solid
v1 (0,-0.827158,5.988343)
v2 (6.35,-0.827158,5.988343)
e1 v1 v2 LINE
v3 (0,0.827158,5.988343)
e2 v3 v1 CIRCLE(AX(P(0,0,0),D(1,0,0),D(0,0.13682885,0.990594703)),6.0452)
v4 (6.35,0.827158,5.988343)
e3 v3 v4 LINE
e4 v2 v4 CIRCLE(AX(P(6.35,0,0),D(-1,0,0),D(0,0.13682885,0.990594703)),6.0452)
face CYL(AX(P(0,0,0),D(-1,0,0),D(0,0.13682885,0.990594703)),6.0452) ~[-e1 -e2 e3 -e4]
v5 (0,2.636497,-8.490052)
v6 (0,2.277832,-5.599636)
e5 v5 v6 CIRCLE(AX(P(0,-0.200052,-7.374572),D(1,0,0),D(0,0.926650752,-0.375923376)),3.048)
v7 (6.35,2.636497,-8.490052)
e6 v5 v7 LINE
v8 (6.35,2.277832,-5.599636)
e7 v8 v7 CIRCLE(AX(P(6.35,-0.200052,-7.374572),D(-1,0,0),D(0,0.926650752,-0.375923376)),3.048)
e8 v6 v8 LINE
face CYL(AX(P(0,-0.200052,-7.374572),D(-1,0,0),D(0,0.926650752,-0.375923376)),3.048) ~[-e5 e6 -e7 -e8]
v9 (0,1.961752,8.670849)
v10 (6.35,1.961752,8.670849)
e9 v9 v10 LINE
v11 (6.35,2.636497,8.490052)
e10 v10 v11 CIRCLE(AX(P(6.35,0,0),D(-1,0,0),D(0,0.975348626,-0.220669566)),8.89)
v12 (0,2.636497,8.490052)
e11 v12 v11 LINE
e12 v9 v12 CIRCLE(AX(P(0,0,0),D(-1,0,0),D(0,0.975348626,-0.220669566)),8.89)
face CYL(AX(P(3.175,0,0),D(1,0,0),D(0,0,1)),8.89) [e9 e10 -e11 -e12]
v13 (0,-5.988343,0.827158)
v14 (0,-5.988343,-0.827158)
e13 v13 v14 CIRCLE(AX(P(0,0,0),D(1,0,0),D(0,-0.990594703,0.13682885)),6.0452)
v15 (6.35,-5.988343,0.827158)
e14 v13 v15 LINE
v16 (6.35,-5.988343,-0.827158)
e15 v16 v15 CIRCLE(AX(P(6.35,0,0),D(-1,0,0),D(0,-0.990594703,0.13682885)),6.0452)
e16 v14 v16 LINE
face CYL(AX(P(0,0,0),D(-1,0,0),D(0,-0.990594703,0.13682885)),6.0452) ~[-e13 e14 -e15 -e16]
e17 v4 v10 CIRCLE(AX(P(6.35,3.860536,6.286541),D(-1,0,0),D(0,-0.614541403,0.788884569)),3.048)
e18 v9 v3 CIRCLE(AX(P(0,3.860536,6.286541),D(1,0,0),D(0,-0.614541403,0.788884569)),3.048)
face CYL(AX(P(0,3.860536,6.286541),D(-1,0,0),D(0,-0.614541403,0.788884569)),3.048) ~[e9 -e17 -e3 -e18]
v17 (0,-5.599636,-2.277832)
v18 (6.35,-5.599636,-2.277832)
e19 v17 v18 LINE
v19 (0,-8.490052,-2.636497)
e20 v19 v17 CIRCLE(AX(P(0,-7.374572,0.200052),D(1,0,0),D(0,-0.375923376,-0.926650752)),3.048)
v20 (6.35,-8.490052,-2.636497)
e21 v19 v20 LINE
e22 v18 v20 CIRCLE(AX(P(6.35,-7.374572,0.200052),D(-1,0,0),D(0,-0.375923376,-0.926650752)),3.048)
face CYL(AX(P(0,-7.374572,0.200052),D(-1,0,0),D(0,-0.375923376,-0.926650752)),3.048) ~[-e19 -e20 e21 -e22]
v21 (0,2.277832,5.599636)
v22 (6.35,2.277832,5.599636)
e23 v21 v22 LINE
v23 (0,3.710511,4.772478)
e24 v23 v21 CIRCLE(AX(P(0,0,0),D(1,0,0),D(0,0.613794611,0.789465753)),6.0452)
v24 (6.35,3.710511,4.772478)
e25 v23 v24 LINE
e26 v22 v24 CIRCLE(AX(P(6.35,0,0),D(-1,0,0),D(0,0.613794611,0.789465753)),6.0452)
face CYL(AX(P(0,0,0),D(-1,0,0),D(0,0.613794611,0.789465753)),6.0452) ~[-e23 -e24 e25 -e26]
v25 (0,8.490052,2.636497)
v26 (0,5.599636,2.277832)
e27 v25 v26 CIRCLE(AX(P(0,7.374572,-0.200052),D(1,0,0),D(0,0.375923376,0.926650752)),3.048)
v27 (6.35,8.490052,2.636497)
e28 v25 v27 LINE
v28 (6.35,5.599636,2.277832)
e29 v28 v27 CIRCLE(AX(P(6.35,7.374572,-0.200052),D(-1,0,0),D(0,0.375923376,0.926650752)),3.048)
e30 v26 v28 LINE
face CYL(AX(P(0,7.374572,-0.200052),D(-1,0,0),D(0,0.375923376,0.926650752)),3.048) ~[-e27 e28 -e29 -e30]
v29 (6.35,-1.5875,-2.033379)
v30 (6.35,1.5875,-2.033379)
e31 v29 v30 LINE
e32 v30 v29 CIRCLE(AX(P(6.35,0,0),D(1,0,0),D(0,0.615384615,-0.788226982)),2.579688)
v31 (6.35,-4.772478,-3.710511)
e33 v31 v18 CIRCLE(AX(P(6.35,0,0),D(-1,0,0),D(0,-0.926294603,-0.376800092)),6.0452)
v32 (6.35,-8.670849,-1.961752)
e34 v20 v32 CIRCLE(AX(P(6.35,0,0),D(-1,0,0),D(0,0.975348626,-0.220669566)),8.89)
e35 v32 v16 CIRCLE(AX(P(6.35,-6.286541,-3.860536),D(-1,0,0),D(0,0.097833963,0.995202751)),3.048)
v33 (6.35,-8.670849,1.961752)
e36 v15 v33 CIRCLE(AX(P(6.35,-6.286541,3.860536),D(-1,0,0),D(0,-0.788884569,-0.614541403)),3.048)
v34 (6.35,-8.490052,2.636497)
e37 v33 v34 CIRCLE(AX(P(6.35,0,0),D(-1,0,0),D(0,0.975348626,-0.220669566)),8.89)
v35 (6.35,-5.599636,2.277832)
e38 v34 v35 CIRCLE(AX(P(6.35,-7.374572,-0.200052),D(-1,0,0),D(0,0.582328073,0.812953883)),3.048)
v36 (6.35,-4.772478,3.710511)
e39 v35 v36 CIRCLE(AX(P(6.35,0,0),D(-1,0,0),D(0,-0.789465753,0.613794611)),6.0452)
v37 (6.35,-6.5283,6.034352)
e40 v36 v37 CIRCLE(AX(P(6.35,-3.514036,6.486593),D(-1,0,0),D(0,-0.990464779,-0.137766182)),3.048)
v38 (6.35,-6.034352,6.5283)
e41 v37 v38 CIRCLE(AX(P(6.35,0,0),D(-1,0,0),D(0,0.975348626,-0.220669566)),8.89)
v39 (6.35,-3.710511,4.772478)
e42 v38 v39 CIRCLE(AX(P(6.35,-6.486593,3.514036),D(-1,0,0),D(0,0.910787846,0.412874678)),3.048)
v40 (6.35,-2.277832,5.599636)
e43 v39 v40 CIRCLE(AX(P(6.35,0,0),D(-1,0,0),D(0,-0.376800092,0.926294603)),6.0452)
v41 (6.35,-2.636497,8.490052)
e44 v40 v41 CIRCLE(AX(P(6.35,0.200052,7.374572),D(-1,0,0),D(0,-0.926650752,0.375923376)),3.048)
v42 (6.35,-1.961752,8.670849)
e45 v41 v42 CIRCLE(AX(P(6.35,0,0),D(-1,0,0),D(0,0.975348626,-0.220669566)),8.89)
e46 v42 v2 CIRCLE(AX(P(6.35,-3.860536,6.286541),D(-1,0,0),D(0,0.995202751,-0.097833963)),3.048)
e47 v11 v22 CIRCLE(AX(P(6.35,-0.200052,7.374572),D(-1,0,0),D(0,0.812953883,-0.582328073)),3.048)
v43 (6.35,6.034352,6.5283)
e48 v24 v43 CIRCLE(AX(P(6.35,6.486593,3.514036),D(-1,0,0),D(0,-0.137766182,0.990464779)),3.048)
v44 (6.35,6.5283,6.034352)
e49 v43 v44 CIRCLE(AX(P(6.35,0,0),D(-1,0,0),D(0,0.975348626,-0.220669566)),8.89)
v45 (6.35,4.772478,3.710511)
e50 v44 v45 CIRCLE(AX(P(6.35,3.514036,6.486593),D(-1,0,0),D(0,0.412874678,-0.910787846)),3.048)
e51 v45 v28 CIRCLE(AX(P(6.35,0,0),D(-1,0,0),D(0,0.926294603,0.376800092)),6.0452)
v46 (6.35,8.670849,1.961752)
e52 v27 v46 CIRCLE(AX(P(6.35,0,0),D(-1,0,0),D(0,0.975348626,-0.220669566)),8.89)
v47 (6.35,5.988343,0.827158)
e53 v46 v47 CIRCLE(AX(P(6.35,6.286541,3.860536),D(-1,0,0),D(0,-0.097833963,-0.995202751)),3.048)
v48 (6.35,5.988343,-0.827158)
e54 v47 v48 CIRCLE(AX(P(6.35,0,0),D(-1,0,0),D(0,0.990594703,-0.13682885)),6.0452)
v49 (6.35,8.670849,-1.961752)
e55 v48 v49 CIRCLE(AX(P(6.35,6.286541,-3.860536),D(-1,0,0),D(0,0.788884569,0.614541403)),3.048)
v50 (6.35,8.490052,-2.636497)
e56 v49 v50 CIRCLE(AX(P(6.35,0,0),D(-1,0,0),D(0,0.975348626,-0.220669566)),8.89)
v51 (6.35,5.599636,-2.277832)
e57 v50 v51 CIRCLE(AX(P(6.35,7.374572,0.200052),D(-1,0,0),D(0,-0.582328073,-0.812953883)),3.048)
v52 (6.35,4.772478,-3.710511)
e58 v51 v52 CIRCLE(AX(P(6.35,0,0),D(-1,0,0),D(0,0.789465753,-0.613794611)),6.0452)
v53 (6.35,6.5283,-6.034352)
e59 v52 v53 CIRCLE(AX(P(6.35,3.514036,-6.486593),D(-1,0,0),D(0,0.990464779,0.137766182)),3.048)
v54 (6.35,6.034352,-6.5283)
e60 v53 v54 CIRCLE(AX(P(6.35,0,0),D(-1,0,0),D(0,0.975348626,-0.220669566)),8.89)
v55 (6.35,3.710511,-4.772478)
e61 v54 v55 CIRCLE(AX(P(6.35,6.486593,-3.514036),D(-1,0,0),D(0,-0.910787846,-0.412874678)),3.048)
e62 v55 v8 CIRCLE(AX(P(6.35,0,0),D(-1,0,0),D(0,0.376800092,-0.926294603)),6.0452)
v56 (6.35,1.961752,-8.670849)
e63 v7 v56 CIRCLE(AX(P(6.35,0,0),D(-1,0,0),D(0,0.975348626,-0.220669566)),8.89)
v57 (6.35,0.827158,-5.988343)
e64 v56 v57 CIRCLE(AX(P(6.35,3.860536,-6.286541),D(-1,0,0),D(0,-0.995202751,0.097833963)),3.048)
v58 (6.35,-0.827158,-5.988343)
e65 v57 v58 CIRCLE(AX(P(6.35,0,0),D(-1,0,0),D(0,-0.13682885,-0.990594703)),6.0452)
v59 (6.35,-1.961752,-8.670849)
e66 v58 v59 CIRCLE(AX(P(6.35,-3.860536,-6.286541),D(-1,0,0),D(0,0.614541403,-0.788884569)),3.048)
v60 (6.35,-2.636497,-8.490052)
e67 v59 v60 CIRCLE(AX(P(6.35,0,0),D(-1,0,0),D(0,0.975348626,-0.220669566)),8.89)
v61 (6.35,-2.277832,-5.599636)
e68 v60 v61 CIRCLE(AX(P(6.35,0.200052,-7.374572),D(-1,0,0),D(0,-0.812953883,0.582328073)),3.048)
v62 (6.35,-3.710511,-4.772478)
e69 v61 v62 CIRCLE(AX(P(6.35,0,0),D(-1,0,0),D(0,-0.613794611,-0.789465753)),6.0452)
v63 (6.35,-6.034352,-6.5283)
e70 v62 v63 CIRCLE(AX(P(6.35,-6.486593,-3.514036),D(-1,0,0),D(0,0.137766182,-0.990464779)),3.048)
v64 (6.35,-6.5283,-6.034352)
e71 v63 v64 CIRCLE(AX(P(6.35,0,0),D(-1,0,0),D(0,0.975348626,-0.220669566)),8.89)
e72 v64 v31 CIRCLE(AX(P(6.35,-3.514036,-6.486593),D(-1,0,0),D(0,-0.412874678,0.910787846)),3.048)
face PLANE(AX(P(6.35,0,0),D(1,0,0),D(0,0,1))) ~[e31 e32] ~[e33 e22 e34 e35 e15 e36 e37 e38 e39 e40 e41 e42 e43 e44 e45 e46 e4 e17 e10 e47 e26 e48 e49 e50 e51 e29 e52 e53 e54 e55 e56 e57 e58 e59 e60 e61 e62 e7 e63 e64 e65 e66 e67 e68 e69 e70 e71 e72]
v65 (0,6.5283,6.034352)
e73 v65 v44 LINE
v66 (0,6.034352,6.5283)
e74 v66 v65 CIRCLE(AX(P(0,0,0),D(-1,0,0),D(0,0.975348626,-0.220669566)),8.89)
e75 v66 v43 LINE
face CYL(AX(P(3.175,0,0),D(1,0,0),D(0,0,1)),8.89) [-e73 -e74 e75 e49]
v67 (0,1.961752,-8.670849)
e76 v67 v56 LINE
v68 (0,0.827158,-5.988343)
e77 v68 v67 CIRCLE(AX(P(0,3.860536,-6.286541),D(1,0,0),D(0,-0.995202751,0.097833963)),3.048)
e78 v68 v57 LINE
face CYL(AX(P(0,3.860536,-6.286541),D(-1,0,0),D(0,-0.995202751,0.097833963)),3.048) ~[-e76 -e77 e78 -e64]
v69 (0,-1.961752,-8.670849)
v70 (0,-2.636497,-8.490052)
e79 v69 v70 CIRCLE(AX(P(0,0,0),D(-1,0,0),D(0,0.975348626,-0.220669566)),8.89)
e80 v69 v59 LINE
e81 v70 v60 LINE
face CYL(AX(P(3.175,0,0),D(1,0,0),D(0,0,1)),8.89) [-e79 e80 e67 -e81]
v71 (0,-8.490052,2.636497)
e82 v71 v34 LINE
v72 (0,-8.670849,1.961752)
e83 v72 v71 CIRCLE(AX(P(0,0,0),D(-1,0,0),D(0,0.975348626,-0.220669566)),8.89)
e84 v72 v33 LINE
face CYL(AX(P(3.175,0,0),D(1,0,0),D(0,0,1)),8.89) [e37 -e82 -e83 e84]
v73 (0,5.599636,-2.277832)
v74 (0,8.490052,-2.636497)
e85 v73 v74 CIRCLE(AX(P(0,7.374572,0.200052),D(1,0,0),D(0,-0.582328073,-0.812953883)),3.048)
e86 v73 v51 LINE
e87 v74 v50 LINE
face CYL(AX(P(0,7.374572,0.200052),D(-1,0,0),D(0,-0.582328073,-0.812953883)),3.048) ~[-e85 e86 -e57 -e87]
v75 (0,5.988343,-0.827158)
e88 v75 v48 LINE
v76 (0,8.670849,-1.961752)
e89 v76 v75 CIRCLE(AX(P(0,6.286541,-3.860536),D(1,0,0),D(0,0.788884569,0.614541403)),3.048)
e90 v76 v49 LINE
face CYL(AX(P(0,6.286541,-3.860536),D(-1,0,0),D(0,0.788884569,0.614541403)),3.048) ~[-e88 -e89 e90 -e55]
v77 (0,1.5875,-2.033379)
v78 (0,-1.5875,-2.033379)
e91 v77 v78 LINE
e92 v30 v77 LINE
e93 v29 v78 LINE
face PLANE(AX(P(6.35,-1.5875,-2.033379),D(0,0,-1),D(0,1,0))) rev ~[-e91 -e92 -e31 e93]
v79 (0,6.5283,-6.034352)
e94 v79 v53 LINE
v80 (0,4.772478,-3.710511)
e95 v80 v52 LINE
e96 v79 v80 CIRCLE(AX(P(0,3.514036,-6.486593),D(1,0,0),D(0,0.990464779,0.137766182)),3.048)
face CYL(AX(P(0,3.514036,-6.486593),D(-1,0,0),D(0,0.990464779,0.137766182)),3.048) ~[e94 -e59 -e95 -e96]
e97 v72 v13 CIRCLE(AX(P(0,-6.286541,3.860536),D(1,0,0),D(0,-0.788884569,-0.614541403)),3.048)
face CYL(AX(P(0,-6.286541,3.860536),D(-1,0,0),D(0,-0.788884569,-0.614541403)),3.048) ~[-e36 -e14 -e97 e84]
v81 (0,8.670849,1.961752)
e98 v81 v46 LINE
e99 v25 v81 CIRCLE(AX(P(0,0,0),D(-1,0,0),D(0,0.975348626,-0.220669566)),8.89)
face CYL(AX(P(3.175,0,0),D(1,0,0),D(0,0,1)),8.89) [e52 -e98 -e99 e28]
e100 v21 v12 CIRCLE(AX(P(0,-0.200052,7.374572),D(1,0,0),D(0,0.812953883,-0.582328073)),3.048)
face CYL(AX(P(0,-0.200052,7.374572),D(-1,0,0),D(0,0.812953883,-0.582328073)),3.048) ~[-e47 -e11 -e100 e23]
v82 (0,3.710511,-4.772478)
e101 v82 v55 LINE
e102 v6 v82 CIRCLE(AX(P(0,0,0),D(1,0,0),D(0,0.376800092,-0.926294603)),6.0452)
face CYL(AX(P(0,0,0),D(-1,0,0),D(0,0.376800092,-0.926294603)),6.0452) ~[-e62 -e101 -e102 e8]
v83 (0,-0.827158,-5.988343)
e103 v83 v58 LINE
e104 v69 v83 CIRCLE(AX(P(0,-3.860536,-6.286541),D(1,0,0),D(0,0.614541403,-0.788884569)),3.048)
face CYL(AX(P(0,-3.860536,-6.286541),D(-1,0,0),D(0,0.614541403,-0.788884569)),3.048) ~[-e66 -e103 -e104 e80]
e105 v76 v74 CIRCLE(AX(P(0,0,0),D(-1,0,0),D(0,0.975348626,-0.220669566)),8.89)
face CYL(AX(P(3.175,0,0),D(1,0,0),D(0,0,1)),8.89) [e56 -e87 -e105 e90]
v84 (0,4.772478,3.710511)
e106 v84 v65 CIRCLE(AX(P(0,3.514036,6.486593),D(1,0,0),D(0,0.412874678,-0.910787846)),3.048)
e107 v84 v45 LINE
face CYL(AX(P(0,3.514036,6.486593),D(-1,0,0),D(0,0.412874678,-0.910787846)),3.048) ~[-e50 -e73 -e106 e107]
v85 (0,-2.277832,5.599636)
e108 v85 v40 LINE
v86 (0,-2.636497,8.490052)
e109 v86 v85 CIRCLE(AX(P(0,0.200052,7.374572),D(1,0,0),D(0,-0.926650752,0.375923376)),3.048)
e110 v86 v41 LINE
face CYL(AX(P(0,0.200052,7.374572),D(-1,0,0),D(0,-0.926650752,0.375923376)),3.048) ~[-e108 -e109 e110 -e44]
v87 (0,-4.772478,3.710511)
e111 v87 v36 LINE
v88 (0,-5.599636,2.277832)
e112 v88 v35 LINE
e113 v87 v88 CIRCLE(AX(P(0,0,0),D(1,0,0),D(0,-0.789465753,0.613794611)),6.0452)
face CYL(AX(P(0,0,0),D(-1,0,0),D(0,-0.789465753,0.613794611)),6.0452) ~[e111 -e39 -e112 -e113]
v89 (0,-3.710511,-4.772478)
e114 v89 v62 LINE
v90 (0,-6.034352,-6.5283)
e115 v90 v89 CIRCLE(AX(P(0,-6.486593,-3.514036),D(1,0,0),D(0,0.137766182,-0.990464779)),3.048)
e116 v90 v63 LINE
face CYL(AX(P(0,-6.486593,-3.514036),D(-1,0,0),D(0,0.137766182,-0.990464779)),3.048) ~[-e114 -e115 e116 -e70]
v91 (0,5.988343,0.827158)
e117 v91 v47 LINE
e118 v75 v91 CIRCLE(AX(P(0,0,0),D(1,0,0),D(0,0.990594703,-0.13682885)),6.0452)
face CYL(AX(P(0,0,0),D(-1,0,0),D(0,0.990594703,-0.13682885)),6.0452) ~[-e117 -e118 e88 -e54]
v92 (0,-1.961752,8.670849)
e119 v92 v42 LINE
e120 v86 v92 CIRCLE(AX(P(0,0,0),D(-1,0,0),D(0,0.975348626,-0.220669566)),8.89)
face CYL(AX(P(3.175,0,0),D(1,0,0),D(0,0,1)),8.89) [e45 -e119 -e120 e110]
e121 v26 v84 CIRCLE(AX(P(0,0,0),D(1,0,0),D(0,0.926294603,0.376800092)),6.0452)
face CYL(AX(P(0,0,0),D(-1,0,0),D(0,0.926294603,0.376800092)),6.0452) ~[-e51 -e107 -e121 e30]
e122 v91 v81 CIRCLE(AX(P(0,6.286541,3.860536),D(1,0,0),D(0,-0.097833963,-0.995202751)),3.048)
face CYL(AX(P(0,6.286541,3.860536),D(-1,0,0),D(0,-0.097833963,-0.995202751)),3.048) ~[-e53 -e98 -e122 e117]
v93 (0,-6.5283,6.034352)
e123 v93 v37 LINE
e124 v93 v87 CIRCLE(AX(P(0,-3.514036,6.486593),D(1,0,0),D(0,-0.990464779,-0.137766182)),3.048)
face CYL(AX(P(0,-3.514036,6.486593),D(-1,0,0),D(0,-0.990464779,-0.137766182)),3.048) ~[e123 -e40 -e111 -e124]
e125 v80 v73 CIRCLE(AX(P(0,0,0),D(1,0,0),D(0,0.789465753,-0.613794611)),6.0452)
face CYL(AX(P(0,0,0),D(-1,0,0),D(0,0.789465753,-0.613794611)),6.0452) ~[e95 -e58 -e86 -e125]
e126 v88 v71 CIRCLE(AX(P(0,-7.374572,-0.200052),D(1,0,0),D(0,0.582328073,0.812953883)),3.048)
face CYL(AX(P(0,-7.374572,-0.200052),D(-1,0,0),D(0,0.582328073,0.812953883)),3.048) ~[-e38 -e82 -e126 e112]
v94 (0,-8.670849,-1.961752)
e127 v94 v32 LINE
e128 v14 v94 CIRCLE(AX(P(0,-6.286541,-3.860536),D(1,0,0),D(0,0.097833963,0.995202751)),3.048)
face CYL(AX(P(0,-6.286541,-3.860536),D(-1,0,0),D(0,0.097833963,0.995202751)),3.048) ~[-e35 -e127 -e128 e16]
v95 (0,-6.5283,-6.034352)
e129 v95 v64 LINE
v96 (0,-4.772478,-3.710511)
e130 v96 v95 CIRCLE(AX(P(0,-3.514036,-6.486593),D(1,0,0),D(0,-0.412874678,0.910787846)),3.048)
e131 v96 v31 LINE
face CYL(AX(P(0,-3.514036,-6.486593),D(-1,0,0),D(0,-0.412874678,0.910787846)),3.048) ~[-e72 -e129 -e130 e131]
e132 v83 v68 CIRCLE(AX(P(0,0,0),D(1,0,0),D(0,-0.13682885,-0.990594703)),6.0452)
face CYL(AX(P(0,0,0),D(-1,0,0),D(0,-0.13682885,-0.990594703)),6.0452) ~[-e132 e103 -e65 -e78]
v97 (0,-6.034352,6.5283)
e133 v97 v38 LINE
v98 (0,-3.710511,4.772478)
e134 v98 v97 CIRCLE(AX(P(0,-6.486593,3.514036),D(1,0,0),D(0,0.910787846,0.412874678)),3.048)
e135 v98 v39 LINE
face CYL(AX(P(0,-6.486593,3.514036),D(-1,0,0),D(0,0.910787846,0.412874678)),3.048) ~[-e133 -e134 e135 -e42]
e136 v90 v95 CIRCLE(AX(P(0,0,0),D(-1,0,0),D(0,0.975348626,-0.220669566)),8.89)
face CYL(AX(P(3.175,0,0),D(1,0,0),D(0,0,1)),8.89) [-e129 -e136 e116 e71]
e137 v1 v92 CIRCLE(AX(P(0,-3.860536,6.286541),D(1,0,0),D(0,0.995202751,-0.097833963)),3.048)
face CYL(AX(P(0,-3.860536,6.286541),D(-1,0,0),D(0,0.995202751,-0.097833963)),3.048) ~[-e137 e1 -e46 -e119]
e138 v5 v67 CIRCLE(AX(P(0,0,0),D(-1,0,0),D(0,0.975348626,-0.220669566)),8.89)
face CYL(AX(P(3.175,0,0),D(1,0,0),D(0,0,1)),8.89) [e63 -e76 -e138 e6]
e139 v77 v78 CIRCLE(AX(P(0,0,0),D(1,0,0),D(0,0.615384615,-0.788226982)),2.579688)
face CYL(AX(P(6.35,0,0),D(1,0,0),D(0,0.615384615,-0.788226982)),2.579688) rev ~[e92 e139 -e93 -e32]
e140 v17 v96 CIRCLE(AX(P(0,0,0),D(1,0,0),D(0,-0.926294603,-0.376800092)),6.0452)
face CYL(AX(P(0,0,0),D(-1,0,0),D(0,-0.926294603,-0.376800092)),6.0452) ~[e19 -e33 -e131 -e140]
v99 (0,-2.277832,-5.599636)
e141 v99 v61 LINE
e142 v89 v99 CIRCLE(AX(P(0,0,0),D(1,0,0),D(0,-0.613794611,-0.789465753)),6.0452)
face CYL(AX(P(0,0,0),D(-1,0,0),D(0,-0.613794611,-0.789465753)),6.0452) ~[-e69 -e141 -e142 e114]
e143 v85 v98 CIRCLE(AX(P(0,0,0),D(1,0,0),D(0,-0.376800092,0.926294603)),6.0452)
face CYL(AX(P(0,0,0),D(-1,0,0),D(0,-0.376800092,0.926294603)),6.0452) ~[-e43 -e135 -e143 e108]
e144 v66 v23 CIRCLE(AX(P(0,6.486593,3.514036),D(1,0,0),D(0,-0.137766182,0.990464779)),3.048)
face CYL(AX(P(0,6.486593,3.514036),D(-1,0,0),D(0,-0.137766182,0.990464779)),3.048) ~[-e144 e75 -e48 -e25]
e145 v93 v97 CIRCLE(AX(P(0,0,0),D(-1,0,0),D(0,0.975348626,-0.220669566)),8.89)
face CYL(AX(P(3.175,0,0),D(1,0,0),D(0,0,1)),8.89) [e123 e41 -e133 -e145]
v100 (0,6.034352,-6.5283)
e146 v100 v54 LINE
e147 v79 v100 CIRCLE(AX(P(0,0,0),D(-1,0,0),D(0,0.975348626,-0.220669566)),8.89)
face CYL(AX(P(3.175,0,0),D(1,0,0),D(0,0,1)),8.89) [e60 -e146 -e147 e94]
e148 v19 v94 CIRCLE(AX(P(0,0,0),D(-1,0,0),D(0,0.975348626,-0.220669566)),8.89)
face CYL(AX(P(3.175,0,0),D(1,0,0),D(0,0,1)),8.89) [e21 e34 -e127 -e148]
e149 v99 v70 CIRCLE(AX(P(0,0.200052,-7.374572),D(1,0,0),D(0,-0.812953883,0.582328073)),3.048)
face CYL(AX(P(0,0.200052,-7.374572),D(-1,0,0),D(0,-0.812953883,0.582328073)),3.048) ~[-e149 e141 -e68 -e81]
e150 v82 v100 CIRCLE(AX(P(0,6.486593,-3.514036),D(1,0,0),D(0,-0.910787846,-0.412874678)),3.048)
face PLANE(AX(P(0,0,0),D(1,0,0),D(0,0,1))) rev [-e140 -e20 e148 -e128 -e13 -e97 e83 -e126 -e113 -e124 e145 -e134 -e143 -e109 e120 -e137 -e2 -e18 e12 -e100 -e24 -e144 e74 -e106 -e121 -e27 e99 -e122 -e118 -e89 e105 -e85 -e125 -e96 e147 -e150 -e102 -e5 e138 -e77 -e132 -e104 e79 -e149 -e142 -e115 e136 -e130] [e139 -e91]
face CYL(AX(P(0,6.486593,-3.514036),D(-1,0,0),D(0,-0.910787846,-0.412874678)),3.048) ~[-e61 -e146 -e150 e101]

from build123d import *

# Parameters (mm, degrees)
BASPROSKE_W        = 6.35
BASPROSKE_H        = 8.89
TOOTHCUT_DEPTH     = 15.084981363
TEETHCUTS_COUNT    = 12
TEETHCUTS_ANGLE    = 330
BORSKE_R           = 1.5875
BORE_DEPTH         = 50.8000508
SKETCH1_R          = 1.5875
CUT_EXTRUDE1_DEPTH = 14.80904612


with BuildPart() as part:
    # BasProSke → Base-Revolve (revolve)
    with BuildSketch(Plane(origin=(0, 0, 0), x_dir=(1, 0, 0), z_dir=(0, 1, 0)), mode=Mode.PRIVATE) as base_revolve_sk:
        with Locations((3.175, 4.445)):
            Rectangle(BASPROSKE_W, BASPROSKE_H)
    revolve(base_revolve_sk.sketch.rotate(Axis((-10, 0, 0), (1, 0, 0)), 180), axis=Axis((-10, 0, 0), (1, 0, 0)))

    # TooCutSke → ToothCut (cut, through all)
    with BuildSketch(Plane(origin=(0, 0, 0), x_dir=(0, 0, -1), z_dir=(1, 0, 0))):
        with BuildLine():
            ThreePointArc((0.827157768, 5.988343099), (0, 6.0452), (-0.827157768, 5.988343099))
            ThreePointArc((-0.827157768, 5.988343099), (-1.059713146, 7.488912311), (-1.987413555, 8.691061185))
            ThreePointArc((-1.987413555, 8.691061185), (0, 8.9154), (1.987413555, 8.691061185))
            ThreePointArc((1.987413555, 8.691061185), (1.059713146, 7.488912311), (0.827157768, 5.988343099))
        make_face()
    toothcut = extrude(amount=TOOTHCUT_DEPTH, mode=Mode.SUBTRACT)

    # TeethCuts: ToothCut ×12 about axis
    teethcuts_axis = Axis((-10, 0, 0), (1, 0, 0))
    for i in range(1, TEETHCUTS_COUNT):
        add(toothcut.rotate(teethcuts_axis, i * TEETHCUTS_ANGLE / (TEETHCUTS_COUNT - 1)), mode=Mode.SUBTRACT)

    # BorSke → Bore (cut, symmetric)
    with BuildSketch(Plane(origin=(0, 0, 0), x_dir=(0, 0, -1), z_dir=(1, 0, 0))):
        with Locations(Location((0, 0, 0), (0, 0, 180))):
            Circle(BORSKE_R)
    extrude(amount=BORE_DEPTH, both=True, mode=Mode.SUBTRACT)

    # Sketch1 → Cut-Extrude1 (cut, through all)
    with BuildSketch(Plane(origin=(6.35, 0, 0), x_dir=(0, 0, -1), z_dir=(1, 0, 0))):
        with BuildLine():
            Line((2.033379293, -1.5875), (2.033379293, 1.5875))
            ThreePointArc((2.033379293, 1.5875), (-2.5796875, 0), (2.033379293, -1.5875))
        make_face()
        Circle(SKETCH1_R, mode=Mode.SUBTRACT)
    extrude(amount=-CUT_EXTRUDE1_DEPTH, mode=Mode.SUBTRACT)


solid = part.part
